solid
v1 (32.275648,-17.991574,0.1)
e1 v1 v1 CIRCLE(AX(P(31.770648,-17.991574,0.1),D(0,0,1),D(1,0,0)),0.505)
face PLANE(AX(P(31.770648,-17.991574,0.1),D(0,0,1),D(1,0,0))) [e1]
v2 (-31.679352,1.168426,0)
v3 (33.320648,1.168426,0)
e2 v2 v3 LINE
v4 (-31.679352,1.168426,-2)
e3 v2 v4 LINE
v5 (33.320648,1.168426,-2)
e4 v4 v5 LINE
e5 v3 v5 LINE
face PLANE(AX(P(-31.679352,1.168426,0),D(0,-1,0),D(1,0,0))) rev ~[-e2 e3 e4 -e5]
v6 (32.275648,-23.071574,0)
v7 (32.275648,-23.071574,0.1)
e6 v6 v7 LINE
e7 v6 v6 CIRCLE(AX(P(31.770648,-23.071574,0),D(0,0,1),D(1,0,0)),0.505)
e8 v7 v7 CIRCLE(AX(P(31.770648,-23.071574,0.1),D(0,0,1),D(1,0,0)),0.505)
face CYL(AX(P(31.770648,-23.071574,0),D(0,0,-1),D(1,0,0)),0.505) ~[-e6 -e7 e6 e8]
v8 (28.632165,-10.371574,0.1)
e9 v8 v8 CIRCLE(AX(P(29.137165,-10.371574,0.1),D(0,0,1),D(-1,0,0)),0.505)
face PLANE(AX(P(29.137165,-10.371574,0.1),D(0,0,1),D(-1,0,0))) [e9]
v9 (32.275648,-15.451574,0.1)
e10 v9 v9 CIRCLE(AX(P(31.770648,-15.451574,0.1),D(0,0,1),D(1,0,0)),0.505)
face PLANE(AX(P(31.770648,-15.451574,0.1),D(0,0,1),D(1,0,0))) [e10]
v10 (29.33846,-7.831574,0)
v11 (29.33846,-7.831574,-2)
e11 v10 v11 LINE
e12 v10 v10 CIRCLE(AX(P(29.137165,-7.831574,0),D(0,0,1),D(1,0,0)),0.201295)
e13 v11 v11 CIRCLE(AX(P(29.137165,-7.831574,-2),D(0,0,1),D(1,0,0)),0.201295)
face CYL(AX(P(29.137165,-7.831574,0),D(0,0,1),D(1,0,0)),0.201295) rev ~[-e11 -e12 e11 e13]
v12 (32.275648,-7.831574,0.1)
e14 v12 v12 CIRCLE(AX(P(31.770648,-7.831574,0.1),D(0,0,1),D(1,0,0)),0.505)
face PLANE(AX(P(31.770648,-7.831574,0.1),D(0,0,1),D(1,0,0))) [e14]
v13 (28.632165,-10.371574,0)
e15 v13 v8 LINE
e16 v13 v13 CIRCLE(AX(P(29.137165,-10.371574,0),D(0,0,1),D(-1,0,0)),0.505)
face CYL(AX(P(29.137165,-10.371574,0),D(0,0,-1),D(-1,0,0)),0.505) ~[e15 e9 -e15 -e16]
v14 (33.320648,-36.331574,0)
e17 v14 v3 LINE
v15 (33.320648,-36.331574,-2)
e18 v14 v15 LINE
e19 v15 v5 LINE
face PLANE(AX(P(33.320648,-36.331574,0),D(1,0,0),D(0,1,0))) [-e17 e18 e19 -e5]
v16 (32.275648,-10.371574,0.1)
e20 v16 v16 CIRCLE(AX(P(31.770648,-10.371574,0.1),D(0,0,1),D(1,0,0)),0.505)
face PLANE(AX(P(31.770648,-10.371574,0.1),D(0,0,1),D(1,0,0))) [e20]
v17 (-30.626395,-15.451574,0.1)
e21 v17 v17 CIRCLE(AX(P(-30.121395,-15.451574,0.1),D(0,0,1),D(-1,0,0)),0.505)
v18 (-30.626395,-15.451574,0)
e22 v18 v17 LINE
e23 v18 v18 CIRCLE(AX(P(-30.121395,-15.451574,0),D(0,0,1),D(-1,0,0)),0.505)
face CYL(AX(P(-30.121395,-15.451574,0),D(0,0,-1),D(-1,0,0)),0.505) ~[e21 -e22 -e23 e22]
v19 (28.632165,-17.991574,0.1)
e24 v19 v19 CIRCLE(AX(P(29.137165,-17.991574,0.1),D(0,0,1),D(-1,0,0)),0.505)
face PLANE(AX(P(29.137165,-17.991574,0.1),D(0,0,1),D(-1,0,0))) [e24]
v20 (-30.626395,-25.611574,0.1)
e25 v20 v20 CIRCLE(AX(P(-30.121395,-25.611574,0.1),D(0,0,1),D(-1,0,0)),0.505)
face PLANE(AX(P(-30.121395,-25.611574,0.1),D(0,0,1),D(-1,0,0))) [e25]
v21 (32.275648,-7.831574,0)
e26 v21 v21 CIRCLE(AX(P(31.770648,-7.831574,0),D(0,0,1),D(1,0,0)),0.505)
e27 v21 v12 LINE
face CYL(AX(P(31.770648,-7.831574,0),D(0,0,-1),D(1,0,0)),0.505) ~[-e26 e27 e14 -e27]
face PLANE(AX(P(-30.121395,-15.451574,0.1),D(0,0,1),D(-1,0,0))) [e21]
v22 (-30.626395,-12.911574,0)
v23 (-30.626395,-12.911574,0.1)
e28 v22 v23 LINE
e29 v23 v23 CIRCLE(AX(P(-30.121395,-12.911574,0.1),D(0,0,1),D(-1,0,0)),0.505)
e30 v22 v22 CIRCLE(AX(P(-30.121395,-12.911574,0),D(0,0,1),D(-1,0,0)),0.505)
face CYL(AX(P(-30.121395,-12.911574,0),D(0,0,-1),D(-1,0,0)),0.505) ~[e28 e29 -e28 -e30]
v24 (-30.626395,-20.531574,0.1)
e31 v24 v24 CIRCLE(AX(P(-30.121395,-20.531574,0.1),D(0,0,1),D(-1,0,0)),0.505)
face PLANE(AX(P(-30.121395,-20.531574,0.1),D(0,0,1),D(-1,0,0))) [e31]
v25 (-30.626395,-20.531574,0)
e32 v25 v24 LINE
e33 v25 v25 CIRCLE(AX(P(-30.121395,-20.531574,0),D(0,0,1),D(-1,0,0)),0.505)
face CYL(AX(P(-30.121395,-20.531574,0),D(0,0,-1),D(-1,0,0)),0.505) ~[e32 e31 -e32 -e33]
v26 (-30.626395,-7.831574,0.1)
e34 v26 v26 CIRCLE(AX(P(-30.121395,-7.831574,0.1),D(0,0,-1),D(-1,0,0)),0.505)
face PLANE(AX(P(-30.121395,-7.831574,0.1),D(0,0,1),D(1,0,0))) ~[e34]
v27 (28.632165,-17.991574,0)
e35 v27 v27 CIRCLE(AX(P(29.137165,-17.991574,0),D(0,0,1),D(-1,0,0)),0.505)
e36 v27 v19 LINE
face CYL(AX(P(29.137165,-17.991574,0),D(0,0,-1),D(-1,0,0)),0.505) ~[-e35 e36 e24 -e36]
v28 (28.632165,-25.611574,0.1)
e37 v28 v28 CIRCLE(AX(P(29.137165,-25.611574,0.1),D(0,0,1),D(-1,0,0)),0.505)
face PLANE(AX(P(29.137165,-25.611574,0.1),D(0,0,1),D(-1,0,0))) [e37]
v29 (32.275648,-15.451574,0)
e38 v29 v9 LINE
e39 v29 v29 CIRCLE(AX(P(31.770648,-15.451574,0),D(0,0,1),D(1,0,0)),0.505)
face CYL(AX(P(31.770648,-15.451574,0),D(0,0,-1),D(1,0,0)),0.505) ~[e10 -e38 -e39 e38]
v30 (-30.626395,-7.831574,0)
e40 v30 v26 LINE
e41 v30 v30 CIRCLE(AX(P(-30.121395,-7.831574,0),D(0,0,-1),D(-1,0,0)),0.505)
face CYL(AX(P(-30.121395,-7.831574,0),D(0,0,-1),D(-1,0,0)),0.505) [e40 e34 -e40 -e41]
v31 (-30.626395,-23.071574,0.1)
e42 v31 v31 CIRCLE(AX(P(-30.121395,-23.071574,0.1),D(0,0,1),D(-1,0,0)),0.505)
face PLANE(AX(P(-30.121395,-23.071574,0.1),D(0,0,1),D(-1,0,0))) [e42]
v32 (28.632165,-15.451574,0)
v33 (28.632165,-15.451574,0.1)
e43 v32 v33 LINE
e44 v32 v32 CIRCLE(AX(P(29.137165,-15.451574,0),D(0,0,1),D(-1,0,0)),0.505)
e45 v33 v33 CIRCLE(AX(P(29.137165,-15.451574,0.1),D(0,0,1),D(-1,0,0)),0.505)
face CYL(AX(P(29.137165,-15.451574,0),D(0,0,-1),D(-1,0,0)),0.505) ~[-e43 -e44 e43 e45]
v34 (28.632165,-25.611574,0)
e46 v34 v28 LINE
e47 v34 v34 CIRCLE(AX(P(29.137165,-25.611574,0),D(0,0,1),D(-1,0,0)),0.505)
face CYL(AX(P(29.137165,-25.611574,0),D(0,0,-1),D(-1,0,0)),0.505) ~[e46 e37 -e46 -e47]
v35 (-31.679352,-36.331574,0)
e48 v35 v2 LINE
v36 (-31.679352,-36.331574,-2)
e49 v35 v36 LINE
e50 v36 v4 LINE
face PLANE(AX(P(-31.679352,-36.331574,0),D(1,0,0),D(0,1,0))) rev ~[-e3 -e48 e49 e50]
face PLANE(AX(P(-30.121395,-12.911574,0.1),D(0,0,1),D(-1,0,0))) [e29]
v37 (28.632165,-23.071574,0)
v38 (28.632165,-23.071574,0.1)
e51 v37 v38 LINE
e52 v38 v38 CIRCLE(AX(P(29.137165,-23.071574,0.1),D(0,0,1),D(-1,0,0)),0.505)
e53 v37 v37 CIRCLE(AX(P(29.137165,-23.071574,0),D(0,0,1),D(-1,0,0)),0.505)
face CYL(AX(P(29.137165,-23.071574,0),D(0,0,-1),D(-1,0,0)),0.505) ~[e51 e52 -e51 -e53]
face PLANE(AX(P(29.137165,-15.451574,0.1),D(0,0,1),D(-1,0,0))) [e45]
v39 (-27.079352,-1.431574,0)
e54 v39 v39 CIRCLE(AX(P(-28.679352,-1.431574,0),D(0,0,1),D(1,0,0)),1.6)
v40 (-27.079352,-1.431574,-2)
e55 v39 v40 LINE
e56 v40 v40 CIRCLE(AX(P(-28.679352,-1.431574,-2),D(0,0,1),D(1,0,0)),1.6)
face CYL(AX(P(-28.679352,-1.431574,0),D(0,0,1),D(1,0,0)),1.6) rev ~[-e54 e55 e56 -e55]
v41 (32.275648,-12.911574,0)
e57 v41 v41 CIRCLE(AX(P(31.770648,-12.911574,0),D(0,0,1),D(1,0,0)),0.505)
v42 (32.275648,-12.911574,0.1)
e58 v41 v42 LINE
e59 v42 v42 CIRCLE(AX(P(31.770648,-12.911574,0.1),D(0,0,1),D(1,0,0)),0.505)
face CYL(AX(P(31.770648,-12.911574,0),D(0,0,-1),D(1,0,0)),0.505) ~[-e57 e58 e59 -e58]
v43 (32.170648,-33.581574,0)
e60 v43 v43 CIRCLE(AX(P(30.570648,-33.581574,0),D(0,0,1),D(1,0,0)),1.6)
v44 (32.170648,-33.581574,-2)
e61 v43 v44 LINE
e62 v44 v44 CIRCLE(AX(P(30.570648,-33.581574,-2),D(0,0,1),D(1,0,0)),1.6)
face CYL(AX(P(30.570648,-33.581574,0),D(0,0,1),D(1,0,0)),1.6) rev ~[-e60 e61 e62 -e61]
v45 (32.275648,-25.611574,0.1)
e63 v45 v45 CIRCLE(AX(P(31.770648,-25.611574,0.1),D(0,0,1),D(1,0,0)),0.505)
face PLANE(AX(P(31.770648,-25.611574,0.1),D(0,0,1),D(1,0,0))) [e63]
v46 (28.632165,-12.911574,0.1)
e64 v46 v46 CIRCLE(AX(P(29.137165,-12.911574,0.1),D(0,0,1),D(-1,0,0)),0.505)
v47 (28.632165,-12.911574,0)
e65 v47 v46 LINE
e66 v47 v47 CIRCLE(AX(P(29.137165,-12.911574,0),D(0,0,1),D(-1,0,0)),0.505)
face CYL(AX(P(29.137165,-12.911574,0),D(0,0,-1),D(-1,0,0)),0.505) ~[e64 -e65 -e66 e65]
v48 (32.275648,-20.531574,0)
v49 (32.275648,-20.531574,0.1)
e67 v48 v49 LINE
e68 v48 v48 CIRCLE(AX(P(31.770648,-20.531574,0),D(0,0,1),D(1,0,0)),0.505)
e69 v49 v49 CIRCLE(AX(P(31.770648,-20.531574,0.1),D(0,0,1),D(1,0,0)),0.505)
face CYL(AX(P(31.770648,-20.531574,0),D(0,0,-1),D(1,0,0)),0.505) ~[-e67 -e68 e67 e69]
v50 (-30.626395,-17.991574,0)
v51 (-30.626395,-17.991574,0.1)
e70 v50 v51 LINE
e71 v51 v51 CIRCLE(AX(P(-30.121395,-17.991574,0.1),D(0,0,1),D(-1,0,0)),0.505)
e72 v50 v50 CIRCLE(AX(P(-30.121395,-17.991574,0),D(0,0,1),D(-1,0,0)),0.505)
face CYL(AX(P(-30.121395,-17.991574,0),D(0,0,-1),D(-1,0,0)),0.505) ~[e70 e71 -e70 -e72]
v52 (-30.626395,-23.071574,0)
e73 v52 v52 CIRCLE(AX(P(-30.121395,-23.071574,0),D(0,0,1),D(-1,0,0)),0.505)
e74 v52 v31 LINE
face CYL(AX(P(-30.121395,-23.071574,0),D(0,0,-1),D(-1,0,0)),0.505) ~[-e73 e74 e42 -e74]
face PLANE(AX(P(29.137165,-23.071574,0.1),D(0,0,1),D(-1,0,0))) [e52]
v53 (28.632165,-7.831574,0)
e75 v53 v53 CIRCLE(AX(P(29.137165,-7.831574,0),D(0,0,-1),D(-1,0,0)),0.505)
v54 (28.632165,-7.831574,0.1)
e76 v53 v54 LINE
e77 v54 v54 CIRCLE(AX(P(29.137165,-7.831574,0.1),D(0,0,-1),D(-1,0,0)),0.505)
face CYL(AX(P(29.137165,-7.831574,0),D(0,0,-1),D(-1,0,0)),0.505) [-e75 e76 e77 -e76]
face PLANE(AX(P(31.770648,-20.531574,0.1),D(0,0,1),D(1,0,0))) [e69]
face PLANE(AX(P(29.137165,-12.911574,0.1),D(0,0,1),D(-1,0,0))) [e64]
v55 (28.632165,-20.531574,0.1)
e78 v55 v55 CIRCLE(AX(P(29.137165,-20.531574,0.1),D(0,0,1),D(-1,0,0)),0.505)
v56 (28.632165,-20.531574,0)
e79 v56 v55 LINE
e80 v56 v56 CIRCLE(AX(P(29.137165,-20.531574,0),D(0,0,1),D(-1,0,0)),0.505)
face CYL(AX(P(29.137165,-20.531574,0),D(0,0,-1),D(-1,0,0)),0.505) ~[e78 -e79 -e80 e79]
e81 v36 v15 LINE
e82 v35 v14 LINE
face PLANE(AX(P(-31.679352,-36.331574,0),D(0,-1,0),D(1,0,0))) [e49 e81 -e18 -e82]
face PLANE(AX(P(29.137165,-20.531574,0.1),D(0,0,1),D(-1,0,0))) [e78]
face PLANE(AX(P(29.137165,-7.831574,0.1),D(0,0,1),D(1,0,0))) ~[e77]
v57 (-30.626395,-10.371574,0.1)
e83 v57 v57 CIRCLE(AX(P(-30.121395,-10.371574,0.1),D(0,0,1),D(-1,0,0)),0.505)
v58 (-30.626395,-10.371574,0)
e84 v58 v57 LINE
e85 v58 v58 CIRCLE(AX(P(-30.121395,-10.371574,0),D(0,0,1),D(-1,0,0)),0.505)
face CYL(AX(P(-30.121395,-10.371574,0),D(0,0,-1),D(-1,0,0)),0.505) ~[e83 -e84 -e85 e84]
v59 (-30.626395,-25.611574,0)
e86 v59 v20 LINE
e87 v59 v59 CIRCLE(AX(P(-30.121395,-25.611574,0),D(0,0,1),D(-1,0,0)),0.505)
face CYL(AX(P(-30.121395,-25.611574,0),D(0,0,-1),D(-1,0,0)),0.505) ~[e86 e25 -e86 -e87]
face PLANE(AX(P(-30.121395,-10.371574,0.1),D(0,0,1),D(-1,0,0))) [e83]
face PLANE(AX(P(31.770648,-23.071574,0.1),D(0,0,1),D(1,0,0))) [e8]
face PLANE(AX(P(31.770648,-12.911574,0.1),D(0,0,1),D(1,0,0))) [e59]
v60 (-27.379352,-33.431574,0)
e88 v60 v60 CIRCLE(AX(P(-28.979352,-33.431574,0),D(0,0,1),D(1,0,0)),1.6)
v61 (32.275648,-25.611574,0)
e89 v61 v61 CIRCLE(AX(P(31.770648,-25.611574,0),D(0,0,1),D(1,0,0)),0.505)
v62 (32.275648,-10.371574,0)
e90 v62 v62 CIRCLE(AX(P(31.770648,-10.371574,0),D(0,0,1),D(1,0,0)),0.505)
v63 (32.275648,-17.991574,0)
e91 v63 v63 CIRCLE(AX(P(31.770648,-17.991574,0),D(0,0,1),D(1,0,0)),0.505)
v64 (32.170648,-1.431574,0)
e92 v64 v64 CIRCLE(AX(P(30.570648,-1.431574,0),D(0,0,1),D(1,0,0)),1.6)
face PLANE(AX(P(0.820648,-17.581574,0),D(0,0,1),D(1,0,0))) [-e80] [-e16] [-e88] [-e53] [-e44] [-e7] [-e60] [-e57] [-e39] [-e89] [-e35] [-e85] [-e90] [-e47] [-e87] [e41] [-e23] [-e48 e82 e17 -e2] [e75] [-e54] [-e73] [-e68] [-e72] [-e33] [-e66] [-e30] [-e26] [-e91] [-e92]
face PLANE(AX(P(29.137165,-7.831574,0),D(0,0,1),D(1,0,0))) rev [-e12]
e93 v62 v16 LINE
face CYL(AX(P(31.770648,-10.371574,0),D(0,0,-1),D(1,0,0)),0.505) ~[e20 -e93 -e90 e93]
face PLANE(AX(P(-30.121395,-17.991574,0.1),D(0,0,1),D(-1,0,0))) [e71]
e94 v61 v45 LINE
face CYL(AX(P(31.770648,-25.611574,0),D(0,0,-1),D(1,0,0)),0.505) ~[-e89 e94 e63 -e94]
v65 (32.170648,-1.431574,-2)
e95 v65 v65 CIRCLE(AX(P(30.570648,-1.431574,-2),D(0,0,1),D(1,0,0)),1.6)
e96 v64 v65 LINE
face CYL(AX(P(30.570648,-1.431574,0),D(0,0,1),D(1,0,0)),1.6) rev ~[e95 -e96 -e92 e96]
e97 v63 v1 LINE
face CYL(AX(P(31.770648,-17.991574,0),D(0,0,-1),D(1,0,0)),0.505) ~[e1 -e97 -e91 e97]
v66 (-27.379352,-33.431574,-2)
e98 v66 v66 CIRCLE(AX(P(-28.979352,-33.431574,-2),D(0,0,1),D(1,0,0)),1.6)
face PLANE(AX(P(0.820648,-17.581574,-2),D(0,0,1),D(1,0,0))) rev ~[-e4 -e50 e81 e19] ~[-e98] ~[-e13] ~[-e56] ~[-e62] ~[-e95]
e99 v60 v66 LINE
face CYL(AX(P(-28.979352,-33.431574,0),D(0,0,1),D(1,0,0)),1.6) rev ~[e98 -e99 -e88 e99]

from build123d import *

# Parameters (mm, degrees)
SKETCH2_W               = 65
SKETCH2_H               = 37.5
SKETCH2_R               = 1.6
SKETCH2_R_2             = 0.201294772
BOSS_EXTRUDE1_DEPTH     = 2
SKETCH2_3_R             = 0.505
BOSS_EXTRUDE2_DEPTH     = 0.1
LPATTERN1_COUNT         = 8
LPATTERN1_PITCH         = 2.54
MIRROR1_COPY_1_SKETCH_R = 0.505
MIRROR1_COPY_1_DEPTH    = 0.1
MIRROR1_COPY_2_SKETCH_R = 0.505
MIRROR1_COPY_2_DEPTH    = 0.1
MIRROR1_COPY_3_SKETCH_R = 0.505
MIRROR1_COPY_3_DEPTH    = 0.1
MIRROR1_COPY_4_SKETCH_R = 0.505
MIRROR1_COPY_4_DEPTH    = 0.1
MIRROR1_COPY_5_SKETCH_R = 0.505
MIRROR1_COPY_5_DEPTH    = 0.1
MIRROR1_COPY_6_SKETCH_R = 0.505
MIRROR1_COPY_6_DEPTH    = 0.1
MIRROR1_COPY_7_SKETCH_R = 0.505
MIRROR1_COPY_7_DEPTH    = 0.1
MIRROR2_COPY_1_SKETCH_R = 0.505
MIRROR2_COPY_1_DEPTH    = 0.1
MIRROR2_COPY_2_SKETCH_R = 0.505
MIRROR2_COPY_2_DEPTH    = 0.1
MIRROR2_COPY_3_SKETCH_R = 0.505
MIRROR2_COPY_3_DEPTH    = 0.1
MIRROR2_COPY_4_SKETCH_R = 0.505
MIRROR2_COPY_4_DEPTH    = 0.1
MIRROR2_COPY_5_SKETCH_R = 0.505
MIRROR2_COPY_5_DEPTH    = 0.1
MIRROR2_COPY_6_SKETCH_R = 0.505
MIRROR2_COPY_6_DEPTH    = 0.1
MIRROR2_COPY_7_SKETCH_R = 0.505
MIRROR2_COPY_7_DEPTH    = 0.1


with BuildPart() as part:
    # Sketch2 → Boss-Extrude1 (new body)
    with BuildSketch(Plane.XY):
        with Locations((0.820647671, -17.581573661)):
            Rectangle(SKETCH2_W, SKETCH2_H)
        with Locations((30.570647671, -1.431573661)):
            Circle(SKETCH2_R, mode=Mode.SUBTRACT)
        with Locations((30.570647671, -33.581573661)):
            Circle(SKETCH2_R, mode=Mode.SUBTRACT)
        with Locations((-28.679352329, -1.431573661)):
            Circle(SKETCH2_R, mode=Mode.SUBTRACT)
        with Locations((-28.979352329, -33.431573661)):
            Circle(SKETCH2_R, mode=Mode.SUBTRACT)
        with Locations((29.137165251, -7.831573661)):
            Circle(SKETCH2_R_2, mode=Mode.SUBTRACT)
    extrude(amount=-BOSS_EXTRUDE1_DEPTH)

    # Sketch2<3> → Boss-Extrude2 (add)
    with BuildSketch(Plane.XY):
        with Locations((31.770647671, -7.831573661)):
            Circle(SKETCH2_3_R)
    boss_extrude2 = extrude(amount=BOSS_EXTRUDE2_DEPTH)

    # LPattern1: Boss-Extrude2 ×8
    with Locations(*[(0, -i * LPATTERN1_PITCH, 0) for i in range(1, LPATTERN1_COUNT)]):
        add(boss_extrude2)

    # Mirror1: Boss-Extrude2 across plane
    add(boss_extrude2.mirror(Plane(origin=(30.453906461, 0, 0), x_dir=(0, 0, 1), z_dir=(1, 0, 0))))

    # Mirror1 copy 1 sketch → Mirror1 copy 1 (add)
    with BuildSketch(Plane(origin=(60.907812922, -2.54, 0), x_dir=(-1, 0, 0), z_dir=(0, 0, 1))):
        with Locations((31.770647671, 7.831573661)):
            Circle(MIRROR1_COPY_1_SKETCH_R)
    extrude(amount=MIRROR1_COPY_1_DEPTH)

    # Mirror1 copy 2 sketch → Mirror1 copy 2 (add)
    with BuildSketch(Plane(origin=(60.907812922, -5.08, 0), x_dir=(-1, 0, 0), z_dir=(0, 0, 1))):
        with Locations((31.770647671, 7.831573661)):
            Circle(MIRROR1_COPY_2_SKETCH_R)
    extrude(amount=MIRROR1_COPY_2_DEPTH)

    # Mirror1 copy 3 sketch → Mirror1 copy 3 (add)
    with BuildSketch(Plane(origin=(60.907812922, -7.62, 0), x_dir=(-1, 0, 0), z_dir=(0, 0, 1))):
        with Locations((31.770647671, 7.831573661)):
            Circle(MIRROR1_COPY_3_SKETCH_R)
    extrude(amount=MIRROR1_COPY_3_DEPTH)

    # Mirror1 copy 4 sketch → Mirror1 copy 4 (add)
    with BuildSketch(Plane(origin=(60.907812922, -10.16, 0), x_dir=(-1, 0, 0), z_dir=(0, 0, 1))):
        with Locations((31.770647671, 7.831573661)):
            Circle(MIRROR1_COPY_4_SKETCH_R)
    extrude(amount=MIRROR1_COPY_4_DEPTH)

    # Mirror1 copy 5 sketch → Mirror1 copy 5 (add)
    with BuildSketch(Plane(origin=(60.907812922, -12.7, 0), x_dir=(-1, 0, 0), z_dir=(0, 0, 1))):
        with Locations((31.770647671, 7.831573661)):
            Circle(MIRROR1_COPY_5_SKETCH_R)
    extrude(amount=MIRROR1_COPY_5_DEPTH)

    # Mirror1 copy 6 sketch → Mirror1 copy 6 (add)
    with BuildSketch(Plane(origin=(60.907812922, -15.24, 0), x_dir=(-1, 0, 0), z_dir=(0, 0, 1))):
        with Locations((31.770647671, 7.831573661)):
            Circle(MIRROR1_COPY_6_SKETCH_R)
    extrude(amount=MIRROR1_COPY_6_DEPTH)

    # Mirror1 copy 7 sketch → Mirror1 copy 7 (add)
    with BuildSketch(Plane(origin=(60.907812922, -17.78, 0), x_dir=(-1, 0, 0), z_dir=(0, 0, 1))):
        with Locations((31.770647671, 7.831573661)):
            Circle(MIRROR1_COPY_7_SKETCH_R)
    extrude(amount=MIRROR1_COPY_7_DEPTH)

    # Mirror2: Boss-Extrude2 across plane
    add(boss_extrude2.mirror(Plane(origin=(0.82462639, 0, 0), x_dir=(0, 0, 1), z_dir=(1, 0, 0))))

    # Mirror2 copy 1 sketch → Mirror2 copy 1 (add)
    with BuildSketch(Plane(origin=(1.64925278, -2.54, 0), x_dir=(-1, 0, 0), z_dir=(0, 0, 1))):
        with Locations((31.770647671, 7.831573661)):
            Circle(MIRROR2_COPY_1_SKETCH_R)
    extrude(amount=MIRROR2_COPY_1_DEPTH)

    # Mirror2 copy 2 sketch → Mirror2 copy 2 (add)
    with BuildSketch(Plane(origin=(1.64925278, -5.08, 0), x_dir=(-1, 0, 0), z_dir=(0, 0, 1))):
        with Locations((31.770647671, 7.831573661)):
            Circle(MIRROR2_COPY_2_SKETCH_R)
    extrude(amount=MIRROR2_COPY_2_DEPTH)

    # Mirror2 copy 3 sketch → Mirror2 copy 3 (add)
    with BuildSketch(Plane(origin=(1.64925278, -7.62, 0), x_dir=(-1, 0, 0), z_dir=(0, 0, 1))):
        with Locations((31.770647671, 7.831573661)):
            Circle(MIRROR2_COPY_3_SKETCH_R)
    extrude(amount=MIRROR2_COPY_3_DEPTH)

    # Mirror2 copy 4 sketch → Mirror2 copy 4 (add)
    with BuildSketch(Plane(origin=(1.64925278, -10.16, 0), x_dir=(-1, 0, 0), z_dir=(0, 0, 1))):
        with Locations((31.770647671, 7.831573661)):
            Circle(MIRROR2_COPY_4_SKETCH_R)
    extrude(amount=MIRROR2_COPY_4_DEPTH)

    # Mirror2 copy 5 sketch → Mirror2 copy 5 (add)
    with BuildSketch(Plane(origin=(1.64925278, -12.7, 0), x_dir=(-1, 0, 0), z_dir=(0, 0, 1))):
        with Locations((31.770647671, 7.831573661)):
            Circle(MIRROR2_COPY_5_SKETCH_R)
    extrude(amount=MIRROR2_COPY_5_DEPTH)

    # Mirror2 copy 6 sketch → Mirror2 copy 6 (add)
    with BuildSketch(Plane(origin=(1.64925278, -15.24, 0), x_dir=(-1, 0, 0), z_dir=(0, 0, 1))):
        with Locations((31.770647671, 7.831573661)):
            Circle(MIRROR2_COPY_6_SKETCH_R)
    extrude(amount=MIRROR2_COPY_6_DEPTH)

    # Mirror2 copy 7 sketch → Mirror2 copy 7 (add)
    with BuildSketch(Plane(origin=(1.64925278, -17.78, 0), x_dir=(-1, 0, 0), z_dir=(0, 0, 1))):
        with Locations((31.770647671, 7.831573661)):
            Circle(MIRROR2_COPY_7_SKETCH_R)
    extrude(amount=MIRROR2_COPY_7_DEPTH)


solid = part.part
